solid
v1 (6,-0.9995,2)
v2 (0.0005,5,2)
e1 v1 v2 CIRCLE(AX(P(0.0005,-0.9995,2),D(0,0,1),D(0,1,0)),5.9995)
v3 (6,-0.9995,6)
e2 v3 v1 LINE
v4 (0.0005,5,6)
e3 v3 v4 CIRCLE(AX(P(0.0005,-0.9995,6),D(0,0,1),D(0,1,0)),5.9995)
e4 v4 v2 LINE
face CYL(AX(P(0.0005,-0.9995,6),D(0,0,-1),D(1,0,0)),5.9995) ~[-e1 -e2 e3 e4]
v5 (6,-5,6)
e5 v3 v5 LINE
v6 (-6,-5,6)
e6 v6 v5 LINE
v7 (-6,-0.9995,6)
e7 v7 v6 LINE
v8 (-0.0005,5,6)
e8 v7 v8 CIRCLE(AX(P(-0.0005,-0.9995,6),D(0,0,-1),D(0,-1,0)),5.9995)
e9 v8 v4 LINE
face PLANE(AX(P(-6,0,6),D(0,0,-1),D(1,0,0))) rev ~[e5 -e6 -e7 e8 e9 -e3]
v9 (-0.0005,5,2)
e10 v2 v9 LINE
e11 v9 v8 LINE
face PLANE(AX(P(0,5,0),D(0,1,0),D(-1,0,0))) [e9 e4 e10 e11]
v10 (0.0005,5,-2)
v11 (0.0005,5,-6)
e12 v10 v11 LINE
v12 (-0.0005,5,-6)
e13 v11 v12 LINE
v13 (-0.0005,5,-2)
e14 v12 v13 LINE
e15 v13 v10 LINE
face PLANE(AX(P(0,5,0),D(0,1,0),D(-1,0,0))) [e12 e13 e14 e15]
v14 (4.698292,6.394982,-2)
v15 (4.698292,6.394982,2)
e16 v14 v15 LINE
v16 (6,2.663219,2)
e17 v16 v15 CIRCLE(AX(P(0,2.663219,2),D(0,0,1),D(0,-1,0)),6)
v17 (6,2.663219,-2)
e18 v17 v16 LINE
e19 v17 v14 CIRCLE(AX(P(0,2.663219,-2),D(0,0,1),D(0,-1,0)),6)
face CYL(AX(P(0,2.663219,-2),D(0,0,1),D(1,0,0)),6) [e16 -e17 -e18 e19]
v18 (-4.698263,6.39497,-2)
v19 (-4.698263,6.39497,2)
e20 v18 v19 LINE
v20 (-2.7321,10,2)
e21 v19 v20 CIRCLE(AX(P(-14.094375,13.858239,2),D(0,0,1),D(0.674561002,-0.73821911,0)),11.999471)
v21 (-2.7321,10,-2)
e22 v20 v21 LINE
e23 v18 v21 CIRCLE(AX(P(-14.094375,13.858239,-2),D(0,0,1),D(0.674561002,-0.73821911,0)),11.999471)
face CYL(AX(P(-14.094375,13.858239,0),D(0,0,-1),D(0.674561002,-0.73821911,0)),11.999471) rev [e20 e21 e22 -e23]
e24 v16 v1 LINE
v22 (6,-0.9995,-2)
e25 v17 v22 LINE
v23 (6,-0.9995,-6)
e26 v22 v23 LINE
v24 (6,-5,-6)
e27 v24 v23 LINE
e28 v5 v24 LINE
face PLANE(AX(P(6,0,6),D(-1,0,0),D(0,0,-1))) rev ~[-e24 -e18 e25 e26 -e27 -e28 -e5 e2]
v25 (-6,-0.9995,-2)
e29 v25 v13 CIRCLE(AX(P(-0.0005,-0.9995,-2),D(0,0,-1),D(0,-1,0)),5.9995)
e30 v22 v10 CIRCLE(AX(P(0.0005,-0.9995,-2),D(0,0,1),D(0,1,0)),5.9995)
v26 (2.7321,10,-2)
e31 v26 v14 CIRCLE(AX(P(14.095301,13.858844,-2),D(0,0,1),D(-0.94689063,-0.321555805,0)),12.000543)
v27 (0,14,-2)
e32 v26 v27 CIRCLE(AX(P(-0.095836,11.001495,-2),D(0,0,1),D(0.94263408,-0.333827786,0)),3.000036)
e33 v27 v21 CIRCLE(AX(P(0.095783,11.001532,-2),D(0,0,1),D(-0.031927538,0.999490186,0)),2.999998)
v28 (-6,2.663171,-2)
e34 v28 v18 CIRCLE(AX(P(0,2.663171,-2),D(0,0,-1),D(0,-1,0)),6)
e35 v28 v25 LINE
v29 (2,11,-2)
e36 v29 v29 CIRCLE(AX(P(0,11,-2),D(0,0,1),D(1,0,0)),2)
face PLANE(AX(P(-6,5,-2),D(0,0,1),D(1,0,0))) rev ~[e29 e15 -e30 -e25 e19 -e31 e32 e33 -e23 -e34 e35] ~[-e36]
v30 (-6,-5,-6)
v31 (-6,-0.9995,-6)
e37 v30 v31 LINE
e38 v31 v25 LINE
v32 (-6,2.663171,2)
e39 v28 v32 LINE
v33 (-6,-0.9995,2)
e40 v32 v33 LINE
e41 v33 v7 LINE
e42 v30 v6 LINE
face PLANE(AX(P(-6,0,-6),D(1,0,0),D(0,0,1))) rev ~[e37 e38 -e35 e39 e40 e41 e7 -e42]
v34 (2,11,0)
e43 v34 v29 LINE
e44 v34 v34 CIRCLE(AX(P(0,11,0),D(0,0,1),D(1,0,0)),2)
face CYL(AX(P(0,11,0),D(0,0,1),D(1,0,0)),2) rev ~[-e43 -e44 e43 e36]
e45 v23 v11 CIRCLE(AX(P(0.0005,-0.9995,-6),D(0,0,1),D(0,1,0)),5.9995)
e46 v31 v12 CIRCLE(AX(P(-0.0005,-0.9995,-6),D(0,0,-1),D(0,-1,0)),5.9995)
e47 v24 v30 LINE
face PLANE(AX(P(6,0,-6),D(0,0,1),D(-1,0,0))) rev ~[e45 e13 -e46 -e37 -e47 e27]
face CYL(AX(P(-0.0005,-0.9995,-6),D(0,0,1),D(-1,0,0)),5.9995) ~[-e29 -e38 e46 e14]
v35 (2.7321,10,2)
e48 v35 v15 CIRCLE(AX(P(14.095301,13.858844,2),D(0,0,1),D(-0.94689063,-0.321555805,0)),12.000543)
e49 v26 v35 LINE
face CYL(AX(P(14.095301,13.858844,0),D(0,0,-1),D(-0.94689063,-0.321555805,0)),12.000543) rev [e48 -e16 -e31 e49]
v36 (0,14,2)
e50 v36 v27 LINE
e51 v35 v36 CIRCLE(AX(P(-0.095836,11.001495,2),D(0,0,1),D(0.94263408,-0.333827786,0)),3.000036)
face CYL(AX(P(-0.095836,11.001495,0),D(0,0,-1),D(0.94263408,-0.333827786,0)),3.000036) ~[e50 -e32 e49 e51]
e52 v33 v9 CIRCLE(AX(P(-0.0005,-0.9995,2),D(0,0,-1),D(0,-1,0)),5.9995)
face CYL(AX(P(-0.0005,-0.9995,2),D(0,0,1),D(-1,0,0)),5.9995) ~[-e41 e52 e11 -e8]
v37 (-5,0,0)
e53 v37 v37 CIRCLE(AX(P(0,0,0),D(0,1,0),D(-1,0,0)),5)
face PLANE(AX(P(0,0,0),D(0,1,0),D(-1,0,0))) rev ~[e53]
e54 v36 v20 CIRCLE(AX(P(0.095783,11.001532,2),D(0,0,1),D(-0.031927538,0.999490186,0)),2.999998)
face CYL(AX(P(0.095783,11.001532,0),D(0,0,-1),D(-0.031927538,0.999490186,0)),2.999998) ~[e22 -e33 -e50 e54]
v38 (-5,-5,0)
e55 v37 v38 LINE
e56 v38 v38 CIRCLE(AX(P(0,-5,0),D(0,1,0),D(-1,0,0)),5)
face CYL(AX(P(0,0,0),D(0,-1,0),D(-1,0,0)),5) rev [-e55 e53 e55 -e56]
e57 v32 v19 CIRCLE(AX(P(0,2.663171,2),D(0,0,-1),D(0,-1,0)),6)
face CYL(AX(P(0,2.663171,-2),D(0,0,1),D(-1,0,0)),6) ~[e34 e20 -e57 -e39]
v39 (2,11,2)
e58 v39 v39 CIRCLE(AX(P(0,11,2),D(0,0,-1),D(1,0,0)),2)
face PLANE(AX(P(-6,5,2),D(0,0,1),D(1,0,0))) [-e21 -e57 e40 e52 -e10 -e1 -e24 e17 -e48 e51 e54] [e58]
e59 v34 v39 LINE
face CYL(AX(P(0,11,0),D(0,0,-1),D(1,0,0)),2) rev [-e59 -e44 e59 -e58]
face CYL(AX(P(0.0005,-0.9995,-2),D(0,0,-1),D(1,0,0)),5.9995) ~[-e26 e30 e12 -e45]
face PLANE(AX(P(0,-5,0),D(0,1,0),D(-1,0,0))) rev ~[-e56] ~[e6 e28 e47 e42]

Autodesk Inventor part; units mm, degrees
ref_plane "YZ Plane" through (0, 0, 0) normal (1, 0, 0) x (0, 1, 0)
ref_plane "XZ Plane" through (0, 0, 0) normal (0, 1, 0) x (-1, 0, 0)
sketch "Szkic3" plane through (0, 0, 0) normal (0, 1, 0) x (-1, 0, 0)
  circle A0 centre (0, 0) radius 5
  line L0 (-6, -6) -> (6, -6)
  line L1 (6, -6) -> (6, 6)
  line L2 (6, 6) -> (-6, 6)
  line L3 (-6, 6) -> (-6, -6)
  line L4 (-6, -6) -> (6, 6) construction
  line L5 (6, -6) -> (-6, 6) construction
  dimension "d12" = 10
  dimension "d15" = 12
  dimension "d16" = 12
extrude "Wyciągnięcie proste3" add sketch "Szkic3" along normal mid plane 10
extrude "Wyciągnięcie proste4" add sketch "Szkic3" along normal blind 5 contours A0
ref_plane "Płaszczyzna konstrukcyjna2" through (-6, 5, 0) normal (0, 0, 1) x (1, 0, 0)
sketch "Szkic7" plane through (-6, 5, 0) normal (0, 0, 1) x (1, 0, 0)
  line L0 (0, 0) -> (12, 0) projected
  line L1 (0, 0) -> (12, 0)
  line L2 (6, 0) -> (6, 6)
  line L3 (6, 0) -> (12, 0) construction
  circle A0 centre (6, 6) radius 2
  line L4 (4.2679, 5) -> (3.2679, 5)
  line L5 (6, 8) -> (6, 9)
  line L6 (7.7321, 5) -> (8.7321, 5)
  arc A1 (0, 0) -> (3.2679, 5) centre (-8.0948, 8.8586) ccw
  arc A2 (6, 9) -> (3.2679, 5) centre (6.0958, 6.0015) ccw
  arc A3 (8.7321, 5) -> (6, 9) centre (5.9042, 6.0015) ccw
  arc A4 (8.7321, 5) -> (12, 0) centre (20.0948, 8.8586) ccw
  point P0 (6, -5)
  dimension "d42" = 6
  dimension "d43" = 90
  dimension "d44" = 4
  dimension "d45" = 1
  dimension "d46" = 1
  dimension "d47" = 1
  dimension "d48" = 5
  dimension "d49" = 5
  dimension "d50" = 0
  dimension "d51" = 12
  dimension "d52" = 3
  dimension "d53" = 3
  dimension "d54" = 12
extrude "Wyciągnięcie proste7" add sketch "Szkic7" along normal mid plane 4 contours A1 L4 A0 L2 L0 | L2 A0 L6 A4 L0 | A2 L5 A0 L4 | A3 L6 A0 L5
fillet "Zaokrąglenie5" radius 6 4 edges at (-6, 5, 4) (6, 5, 4) (6, 5, -4) (-6, 5, -4)
fillet "Zaokrąglenie6" radius 6 2 edges at (6, 5, 0) (-6, 5, 0)
properties part number "Connector_fill"
